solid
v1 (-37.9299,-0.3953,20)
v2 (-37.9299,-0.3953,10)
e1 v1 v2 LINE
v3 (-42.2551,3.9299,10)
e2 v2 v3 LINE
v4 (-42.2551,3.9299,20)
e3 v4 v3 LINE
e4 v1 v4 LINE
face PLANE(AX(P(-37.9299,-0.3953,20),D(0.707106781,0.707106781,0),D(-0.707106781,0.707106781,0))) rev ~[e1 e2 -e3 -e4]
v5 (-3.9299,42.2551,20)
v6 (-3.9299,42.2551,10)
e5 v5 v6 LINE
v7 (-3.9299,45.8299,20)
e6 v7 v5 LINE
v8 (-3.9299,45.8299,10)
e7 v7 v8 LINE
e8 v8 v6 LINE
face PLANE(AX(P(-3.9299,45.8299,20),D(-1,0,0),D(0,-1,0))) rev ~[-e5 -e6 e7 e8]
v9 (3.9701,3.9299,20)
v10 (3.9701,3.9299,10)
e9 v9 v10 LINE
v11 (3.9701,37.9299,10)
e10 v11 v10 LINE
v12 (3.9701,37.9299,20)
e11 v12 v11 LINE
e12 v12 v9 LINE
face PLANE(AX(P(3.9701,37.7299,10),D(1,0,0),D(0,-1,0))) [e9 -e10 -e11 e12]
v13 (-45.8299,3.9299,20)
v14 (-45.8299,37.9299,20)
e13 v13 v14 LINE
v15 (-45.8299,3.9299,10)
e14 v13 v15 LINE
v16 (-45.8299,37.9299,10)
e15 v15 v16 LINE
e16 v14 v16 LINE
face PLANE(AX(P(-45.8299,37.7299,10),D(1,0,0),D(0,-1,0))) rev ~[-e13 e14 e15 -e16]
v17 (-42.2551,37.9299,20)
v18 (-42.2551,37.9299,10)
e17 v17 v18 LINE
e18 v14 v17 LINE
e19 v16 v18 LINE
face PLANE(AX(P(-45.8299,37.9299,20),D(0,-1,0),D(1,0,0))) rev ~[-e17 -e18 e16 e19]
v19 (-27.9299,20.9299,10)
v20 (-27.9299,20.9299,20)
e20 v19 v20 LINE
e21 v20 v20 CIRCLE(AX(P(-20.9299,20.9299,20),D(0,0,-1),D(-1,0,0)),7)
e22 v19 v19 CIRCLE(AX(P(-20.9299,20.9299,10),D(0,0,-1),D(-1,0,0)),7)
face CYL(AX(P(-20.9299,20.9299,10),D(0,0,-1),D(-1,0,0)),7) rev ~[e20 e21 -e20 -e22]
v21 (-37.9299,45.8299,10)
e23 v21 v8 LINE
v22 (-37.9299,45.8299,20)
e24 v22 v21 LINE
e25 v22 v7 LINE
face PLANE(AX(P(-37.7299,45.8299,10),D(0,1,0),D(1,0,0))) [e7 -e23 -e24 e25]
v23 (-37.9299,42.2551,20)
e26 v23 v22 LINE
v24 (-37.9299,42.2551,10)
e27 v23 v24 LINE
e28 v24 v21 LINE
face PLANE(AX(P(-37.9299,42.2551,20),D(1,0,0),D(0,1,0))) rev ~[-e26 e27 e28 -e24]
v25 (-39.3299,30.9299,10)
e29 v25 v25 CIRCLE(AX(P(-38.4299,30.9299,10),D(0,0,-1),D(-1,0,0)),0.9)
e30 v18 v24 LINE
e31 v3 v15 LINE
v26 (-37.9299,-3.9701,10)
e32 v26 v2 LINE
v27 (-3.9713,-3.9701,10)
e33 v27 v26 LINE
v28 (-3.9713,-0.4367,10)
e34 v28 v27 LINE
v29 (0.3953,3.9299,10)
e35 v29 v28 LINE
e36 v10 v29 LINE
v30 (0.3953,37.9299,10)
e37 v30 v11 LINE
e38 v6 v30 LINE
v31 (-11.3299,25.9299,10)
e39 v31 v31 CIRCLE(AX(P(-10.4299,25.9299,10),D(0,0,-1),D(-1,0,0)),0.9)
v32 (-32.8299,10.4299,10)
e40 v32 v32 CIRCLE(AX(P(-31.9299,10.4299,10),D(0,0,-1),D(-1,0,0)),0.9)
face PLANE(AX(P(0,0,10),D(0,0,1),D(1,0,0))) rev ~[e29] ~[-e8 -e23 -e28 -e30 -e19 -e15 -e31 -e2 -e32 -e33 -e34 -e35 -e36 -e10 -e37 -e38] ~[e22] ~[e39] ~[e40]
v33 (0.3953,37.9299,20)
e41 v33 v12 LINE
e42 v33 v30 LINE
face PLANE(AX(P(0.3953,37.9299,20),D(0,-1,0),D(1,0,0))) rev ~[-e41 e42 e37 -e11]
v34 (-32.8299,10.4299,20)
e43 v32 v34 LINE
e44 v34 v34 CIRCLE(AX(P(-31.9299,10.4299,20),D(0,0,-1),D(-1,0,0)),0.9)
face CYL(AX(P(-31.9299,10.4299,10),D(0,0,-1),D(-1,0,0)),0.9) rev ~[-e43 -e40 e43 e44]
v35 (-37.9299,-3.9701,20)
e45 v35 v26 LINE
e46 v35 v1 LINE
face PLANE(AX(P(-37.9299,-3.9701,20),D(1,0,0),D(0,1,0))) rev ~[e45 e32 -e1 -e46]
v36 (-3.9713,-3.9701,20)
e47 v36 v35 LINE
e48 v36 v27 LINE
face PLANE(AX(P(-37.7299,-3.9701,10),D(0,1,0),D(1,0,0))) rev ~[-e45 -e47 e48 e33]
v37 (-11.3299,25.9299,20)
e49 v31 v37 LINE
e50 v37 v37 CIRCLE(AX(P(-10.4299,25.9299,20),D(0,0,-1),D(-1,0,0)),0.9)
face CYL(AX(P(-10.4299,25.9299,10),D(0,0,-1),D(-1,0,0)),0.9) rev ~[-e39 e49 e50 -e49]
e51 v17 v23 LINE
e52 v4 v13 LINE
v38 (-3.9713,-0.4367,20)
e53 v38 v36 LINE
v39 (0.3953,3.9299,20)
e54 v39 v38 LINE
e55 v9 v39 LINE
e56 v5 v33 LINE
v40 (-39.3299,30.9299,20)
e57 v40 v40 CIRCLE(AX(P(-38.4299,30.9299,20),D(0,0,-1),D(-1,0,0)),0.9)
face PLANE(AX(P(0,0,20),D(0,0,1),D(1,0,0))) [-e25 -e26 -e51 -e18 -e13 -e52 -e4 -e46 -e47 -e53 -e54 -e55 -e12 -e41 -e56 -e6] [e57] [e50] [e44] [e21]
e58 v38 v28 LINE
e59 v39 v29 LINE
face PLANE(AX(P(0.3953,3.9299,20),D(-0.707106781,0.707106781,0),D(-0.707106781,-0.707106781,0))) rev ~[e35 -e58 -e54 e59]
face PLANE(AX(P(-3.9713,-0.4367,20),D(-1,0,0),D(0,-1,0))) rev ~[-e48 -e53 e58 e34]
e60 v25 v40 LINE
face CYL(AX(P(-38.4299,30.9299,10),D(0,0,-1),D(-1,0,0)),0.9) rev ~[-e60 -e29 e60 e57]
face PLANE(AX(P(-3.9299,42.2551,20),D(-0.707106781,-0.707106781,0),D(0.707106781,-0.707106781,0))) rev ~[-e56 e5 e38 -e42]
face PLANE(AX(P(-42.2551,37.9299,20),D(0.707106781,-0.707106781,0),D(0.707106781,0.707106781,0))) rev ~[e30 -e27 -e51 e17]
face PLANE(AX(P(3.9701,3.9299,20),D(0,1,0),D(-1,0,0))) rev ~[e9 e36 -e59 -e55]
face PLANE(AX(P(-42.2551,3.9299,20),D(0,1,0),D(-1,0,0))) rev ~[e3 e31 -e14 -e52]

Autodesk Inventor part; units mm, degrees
ref_plane "YZ Plane" through (0, 0, 0) normal (1, 0, 0) x (0, 1, 0)
ref_plane "XZ Plane" through (0, 0, 0) normal (0, 1, 0) x (-1, 0, 0)
ref_plane "Work Plane1" through (0, 0, 10) normal (0, 0, 1) x (1, 0, 0)
sketch "Sketch1" plane through (0, 0, 10) normal (0, 0, 1) x (1, 0, 0)
  line L0 (-4.0299, -0.3538) -> (-2.2322, 1.4439) construction
  arc A0 (-1.4439, 2.2322) -> (-2.2322, 1.4439) centre (-0.9299, 0.9299) ccw construction
  line L1 (-1.4439, 2.2322) -> (0.3538, 4.0299) construction
  line L2 (-37.8299, 42.8299) -> (-37.8299, 37.8299) construction
  line L3 (-37.8299, 37.8299) -> (-42.9208, 37.8299) construction
  line L4 (-37.8299, 42.2137) -> (-37.8299, 45.8299) construction
  line L5 (-37.8299, 45.8299) -> (-4.0299, 45.8299) construction
  line L6 (-4.0299, 45.8299) -> (-4.0299, 42.2137) construction
  line L7 (-4.0299, 4.0299) -> (0.3538, 4.0299) projected
  circle A1 centre (-20.9299, 20.9299) radius 17.5 projected
  line L8 (-20.9299, 58.9723) -> (17.1124, 20.9299) construction
  line L9 (17.1124, 20.9299) -> (-20.9299, -17.1124) construction
  line L10 (-20.9299, -17.1124) -> (-58.9723, 20.9299) construction
  line L11 (-58.9723, 20.9299) -> (-20.9299, 58.9723) construction
  line L12 (-20.9299, 58.9723) -> (-20.9299, -17.1124) construction
  line L13 (17.1124, 20.9299) -> (-58.9723, 20.9299) construction
  line L14 (-20.9299, 58.9723) -> (32.8701, 58.9723) construction
  line L15 (-43.4299, 43.4299) -> (1.5701, 43.4299) construction
  line L16 (1.5701, 43.4299) -> (1.5701, -1.5701) construction
  line L17 (1.5701, -1.5701) -> (-43.4299, -1.5701) construction
  line L18 (-43.4299, -1.5701) -> (-43.4299, 43.4299) construction
  line L19 (-43.4299, 43.4299) -> (1.5701, -1.5701) construction
  line L20 (1.5701, 43.4299) -> (-43.4299, -1.5701) construction
  line L21 (-43.4299, 5.3876) -> (-43.4299, 36.4723)
  line L22 (-43.4299, 36.4723) -> (-36.4723, 43.4299)
  line L23 (-36.4723, 43.4299) -> (-5.3876, 43.4299)
  line L24 (-5.3876, 43.4299) -> (1.5701, 36.4723)
  line L25 (1.5701, 36.4723) -> (1.5701, 5.3876)
  line L26 (1.5701, 5.3876) -> (-5.3876, -1.5701)
  line L27 (-5.3876, -1.5701) -> (-36.4723, -1.5701)
  line L28 (-36.4723, -1.5701) -> (-43.4299, 5.3876)
  line L29 (-4.0299, 42.2137) -> (-37.8299, 42.2137) projected
  line L30 (-4.0299, -0.3538) -> (-4.0299, 4.0299) projected
  circle A2 centre (-20.9299, 20.9299) radius 1.5
  line L31 (-10.9299, 10.9299) -> (-30.9299, 10.9299) construction
  line L32 (-30.9299, 10.9299) -> (-30.9299, 30.9299) construction
  line L33 (-30.9299, 30.9299) -> (-10.9299, 30.9299) construction
  line L34 (-10.9299, 30.9299) -> (-10.9299, 10.9299) construction
  line L35 (-10.9299, 10.9299) -> (-30.9299, 30.9299) construction
  line L36 (-30.9299, 10.9299) -> (-10.9299, 30.9299) construction
  circle A3 centre (-30.9299, 30.9299) radius 1.4
  circle A4 centre (-30.9299, 10.9299) radius 1.4
  circle A5 centre (-10.9299, 10.9299) radius 1.4
  line L37 (-45.8299, 37.8299) -> (-42.0723, 37.8299) construction
  line L38 (-42.1723, 37.7299) -> (-45.8299, 37.7299)
  line L39 (-45.8299, 37.7299) -> (-45.8299, 4.1299)
  line L40 (-45.8299, 4.1299) -> (-42.1723, 4.1299)
  line L41 (-42.1723, 4.1299) -> (-42.1723, 37.7299)
  line L42 (-45.8299, 4.0299) -> (-42.0723, 4.0299) construction
  line L43 (-45.8299, 37.8299) -> (-42.0723, 37.8299) projected
  line L44 (-37.7299, 45.8299) -> (-4.1299, 45.8299)
  line L45 (-4.1299, 45.8299) -> (-4.1299, 42.1723)
  line L46 (-4.1299, 42.1723) -> (-37.7299, 42.1723)
  line L47 (-37.7299, 42.1723) -> (-37.7299, 45.8299)
  line L48 (0.4701, 37.8299) -> (0.4701, 4.0299) construction
  line L49 (0.4701, 4.0299) -> (3.9701, 4.0299) construction
  line L50 (3.9701, 37.8299) -> (3.9701, 4.0299) construction
  line L51 (0.4701, 37.8299) -> (3.9701, 37.8299) construction
  line L52 (-45.8299, -3.9701) -> (-4.0299, -3.9701) construction
  line L53 (0.3124, 37.7299) -> (3.9701, 37.7299)
  line L54 (3.9701, 37.7299) -> (3.9701, 4.1299)
  line L55 (3.9701, 4.1299) -> (0.3124, 4.1299)
  line L56 (0.3124, 4.1299) -> (0.3124, 37.7299)
  line L57 (-4.1713, -0.3538) -> (-37.7299, -0.3538)
  line L58 (-37.7299, -0.3538) -> (-37.7299, -3.9701)
  line L59 (-37.7299, -3.9701) -> (-4.1713, -3.9701)
  line L60 (-4.1713, -3.9701) -> (-4.1713, -0.3538)
  point P0 (-37.8299, 4.0299)
  dimension "d18" = 53.8
  dimension "d19" = 45
  dimension "d20" = 53.8
  dimension "d21" = 45
  dimension "d22" = 45
  dimension "d30" = 20
  dimension "d31" = 20
  dimension "d32" = 2.8
  dimension "d33" = 2.8
  dimension "d34" = 2.8
  dimension "d35" = 3
  dimension "d36" = 0.1
  dimension "d37" = 0.1
  dimension "d38" = 0.1
  dimension "d39" = 0.1
extrude "Extrusion1" add sketch "Sketch1" along normal blind 10 contours L30 L26 L57 L28 L41 L22 L46 L24 L56 L7 | L7 L26 L30 | L56 L24 L25 L26 | L26 L25 L24 L53 L54 L55 | L60 L59 L58 L57 L28 L27 L26 | L26 L27 L28 L57 | L46 L22 L29 L24 | L24 L29 L45 | L40 L39 L38 L22 L21 L28 | L28 L21 L22 L41 | L29 L22 L23 L24 | L24 L23 L22 L29 L47 L44 L45 | L47 L29 L22 | A1 | A2 | A3 | A4 | A5
sketch "Skizze4" plane through (0, 0, 20) normal (0, 0, 1) x (1, 0, 0)
  line L0 (-37.7299, 42.1723) -> (-42.1723, 37.7299) projected
  line L1 (-42.1723, 37.7299) -> (-45.8299, 37.7299) projected
  line L2 (-45.8299, 37.7299) -> (-45.8299, 4.1299) construction
  line L3 (-45.8299, 4.1299) -> (-42.1723, 4.1299) projected
  line L4 (-42.1723, 4.1299) -> (-37.6885, -0.3538) projected
  line L5 (-37.6885, -0.3538) -> (-37.7299, -0.3538) projected
  line L6 (-37.7299, -0.3538) -> (-37.7299, -3.9701) projected
  line L7 (-37.7299, -3.9701) -> (-4.1713, -3.9701) construction
  line L8 (-4.1713, -3.9701) -> (-4.1713, -0.3538) projected
  line L9 (-4.1713, -0.3538) -> (0.3124, 4.1299) projected
  line L10 (0.3124, 4.1299) -> (3.9701, 4.1299) projected
  line L11 (3.9701, 4.1299) -> (3.9701, 37.7299) construction
  line L12 (3.9701, 37.7299) -> (0.3124, 37.7299) projected
  line L13 (0.3124, 37.7299) -> (-4.1299, 42.1723) projected
  line L14 (-4.1299, 42.1723) -> (-4.1299, 45.8299) projected
  line L15 (-4.1299, 45.8299) -> (-37.7299, 45.8299) construction
  line L16 (-37.7299, 45.8299) -> (-37.7299, 42.1723) projected
  line L17 (-37.9299, 46.0299) -> (-3.9299, 46.0299) construction
  line L18 (-3.9299, 46.0299) -> (-3.9299, 42.2551)
  line L19 (-3.9299, 42.2551) -> (0.3953, 37.9299)
  line L20 (0.3953, 37.9299) -> (4.1701, 37.9299)
  line L21 (4.1701, 37.9299) -> (4.1701, 3.9299) construction
  line L22 (4.1701, 3.9299) -> (0.3953, 3.9299)
  line L23 (0.3953, 3.9299) -> (-3.9713, -0.4367)
  line L24 (-3.9713, -0.4367) -> (-3.9713, -4.1701)
  line L25 (-3.9713, -4.1701) -> (-37.9299, -4.1701) construction
  line L26 (-37.9299, -4.1701) -> (-37.9299, -0.3953)
  line L27 (-37.9299, -0.3953) -> (-42.2551, 3.9299)
  line L28 (-42.2551, 3.9299) -> (-46.0299, 3.9299)
  line L29 (-46.0299, 3.9299) -> (-46.0299, 37.9299) construction
  line L30 (-46.0299, 37.9299) -> (-42.2551, 37.9299)
  line L31 (-42.2551, 37.9299) -> (-37.9299, 42.2551)
  line L32 (-37.9299, 42.2551) -> (-37.9299, 46.0299)
  line L33 (-45.8299, 37.7299) -> (-45.8299, 37.9299)
  line L34 (-4.1299, 45.8299) -> (-37.7299, 45.8299) projected
  line L35 (-37.7299, 45.8299) -> (-37.9299, 45.8299)
  line L36 (-4.1299, 45.8299) -> (-3.9299, 45.8299)
  line L37 (3.9701, 37.7299) -> (3.9701, 37.9299)
  line L38 (3.9701, 4.1299) -> (3.9701, 37.7299) projected
  line L39 (3.9701, 4.1299) -> (3.9701, 3.9299)
  line L40 (-4.1713, -3.9701) -> (-3.9713, -3.9701)
  line L41 (-37.7299, -3.9701) -> (-37.9299, -3.9701)
  line L42 (-45.8299, 4.1299) -> (-45.8299, 3.9299)
  point P0 (0, 0)
  dimension "d40" = 0.2
extrude "IM_offset" add sketch "Skizze4" against normal up to surface (10 mm away)
sketch "Sketch25" plane through (0, 0, 10) normal (0, 0, -1) x (-1, 0, 0)
  line L0 (3.9713, -3.9701) -> (37.9299, -3.9701) projected
  line L1 (37.9299, -3.9701) -> (37.9299, -0.3953) projected
  line L2 (37.9299, -0.3953) -> (42.2551, 3.9299) projected
  line L3 (42.2551, 3.9299) -> (45.8299, 3.9299) projected
  line L4 (45.8299, 3.9299) -> (45.8299, 37.9299) projected
  line L5 (45.8299, 37.9299) -> (42.2551, 37.9299) projected
  line L6 (42.2551, 37.9299) -> (37.9299, 42.2551) projected
  line L7 (37.9299, 42.2551) -> (37.9299, 45.8299) projected
  line L8 (37.9299, 45.8299) -> (3.9299, 45.8299) projected
  line L9 (3.9299, 45.8299) -> (3.9299, 42.2551) projected
  line L10 (3.9299, 42.2551) -> (-0.3953, 37.9299) projected
  line L11 (-0.3953, 37.9299) -> (-3.9701, 37.9299) projected
  line L12 (-3.9701, 37.9299) -> (-3.9701, 3.9299) projected
  line L13 (-3.9701, 3.9299) -> (-0.3953, 3.9299) projected
  line L14 (-0.3953, 3.9299) -> (3.9713, -0.4367) projected
  line L15 (3.9713, -0.4367) -> (3.9713, -3.9701) projected
  circle A0 centre (20.9299, 20.9299) radius 24.9
  circle A1 centre (20.9299, 20.9299) radius 7
  dimension "d167" = 14
extrude "Extrusion21" cut sketch "Sketch25" against normal through all contours A1
sketch "Sketch29" plane through (0, 0, 10) normal (0, 0, -1) x (-1, 0, 0)
  circle A0 centre (38.4299, 30.9299) radius 1
  circle A1 centre (31.9299, 10.4299) radius 1
  circle A2 centre (10.4299, 25.9299) radius 1
  circle A3 centre (31.9299, 10.4299) radius 0.9
  circle A4 centre (38.4299, 30.9299) radius 0.9
  circle A5 centre (10.4299, 25.9299) radius 0.9
  point P0 (0, 0)
  dimension "d171" = 1.8
  dimension "d172" = 1.8
  dimension "d173" = 1.8
extrude "Extrusion23" cut sketch "Sketch29" against normal blind 10 contours A3 | A4 | A5
ref_plane "Arbeitsebene5" through (-37.9299, 20.9299, 10) normal (0, 1, 0) x (1, 0, 0)
ref_plane "Arbeitsebene6" through (-20.9299, 3.9299, 10) normal (1, 0, 0) x (0, 0, -1)
properties part number "20_Cube_Insert_Fiber_STMount_Center"
